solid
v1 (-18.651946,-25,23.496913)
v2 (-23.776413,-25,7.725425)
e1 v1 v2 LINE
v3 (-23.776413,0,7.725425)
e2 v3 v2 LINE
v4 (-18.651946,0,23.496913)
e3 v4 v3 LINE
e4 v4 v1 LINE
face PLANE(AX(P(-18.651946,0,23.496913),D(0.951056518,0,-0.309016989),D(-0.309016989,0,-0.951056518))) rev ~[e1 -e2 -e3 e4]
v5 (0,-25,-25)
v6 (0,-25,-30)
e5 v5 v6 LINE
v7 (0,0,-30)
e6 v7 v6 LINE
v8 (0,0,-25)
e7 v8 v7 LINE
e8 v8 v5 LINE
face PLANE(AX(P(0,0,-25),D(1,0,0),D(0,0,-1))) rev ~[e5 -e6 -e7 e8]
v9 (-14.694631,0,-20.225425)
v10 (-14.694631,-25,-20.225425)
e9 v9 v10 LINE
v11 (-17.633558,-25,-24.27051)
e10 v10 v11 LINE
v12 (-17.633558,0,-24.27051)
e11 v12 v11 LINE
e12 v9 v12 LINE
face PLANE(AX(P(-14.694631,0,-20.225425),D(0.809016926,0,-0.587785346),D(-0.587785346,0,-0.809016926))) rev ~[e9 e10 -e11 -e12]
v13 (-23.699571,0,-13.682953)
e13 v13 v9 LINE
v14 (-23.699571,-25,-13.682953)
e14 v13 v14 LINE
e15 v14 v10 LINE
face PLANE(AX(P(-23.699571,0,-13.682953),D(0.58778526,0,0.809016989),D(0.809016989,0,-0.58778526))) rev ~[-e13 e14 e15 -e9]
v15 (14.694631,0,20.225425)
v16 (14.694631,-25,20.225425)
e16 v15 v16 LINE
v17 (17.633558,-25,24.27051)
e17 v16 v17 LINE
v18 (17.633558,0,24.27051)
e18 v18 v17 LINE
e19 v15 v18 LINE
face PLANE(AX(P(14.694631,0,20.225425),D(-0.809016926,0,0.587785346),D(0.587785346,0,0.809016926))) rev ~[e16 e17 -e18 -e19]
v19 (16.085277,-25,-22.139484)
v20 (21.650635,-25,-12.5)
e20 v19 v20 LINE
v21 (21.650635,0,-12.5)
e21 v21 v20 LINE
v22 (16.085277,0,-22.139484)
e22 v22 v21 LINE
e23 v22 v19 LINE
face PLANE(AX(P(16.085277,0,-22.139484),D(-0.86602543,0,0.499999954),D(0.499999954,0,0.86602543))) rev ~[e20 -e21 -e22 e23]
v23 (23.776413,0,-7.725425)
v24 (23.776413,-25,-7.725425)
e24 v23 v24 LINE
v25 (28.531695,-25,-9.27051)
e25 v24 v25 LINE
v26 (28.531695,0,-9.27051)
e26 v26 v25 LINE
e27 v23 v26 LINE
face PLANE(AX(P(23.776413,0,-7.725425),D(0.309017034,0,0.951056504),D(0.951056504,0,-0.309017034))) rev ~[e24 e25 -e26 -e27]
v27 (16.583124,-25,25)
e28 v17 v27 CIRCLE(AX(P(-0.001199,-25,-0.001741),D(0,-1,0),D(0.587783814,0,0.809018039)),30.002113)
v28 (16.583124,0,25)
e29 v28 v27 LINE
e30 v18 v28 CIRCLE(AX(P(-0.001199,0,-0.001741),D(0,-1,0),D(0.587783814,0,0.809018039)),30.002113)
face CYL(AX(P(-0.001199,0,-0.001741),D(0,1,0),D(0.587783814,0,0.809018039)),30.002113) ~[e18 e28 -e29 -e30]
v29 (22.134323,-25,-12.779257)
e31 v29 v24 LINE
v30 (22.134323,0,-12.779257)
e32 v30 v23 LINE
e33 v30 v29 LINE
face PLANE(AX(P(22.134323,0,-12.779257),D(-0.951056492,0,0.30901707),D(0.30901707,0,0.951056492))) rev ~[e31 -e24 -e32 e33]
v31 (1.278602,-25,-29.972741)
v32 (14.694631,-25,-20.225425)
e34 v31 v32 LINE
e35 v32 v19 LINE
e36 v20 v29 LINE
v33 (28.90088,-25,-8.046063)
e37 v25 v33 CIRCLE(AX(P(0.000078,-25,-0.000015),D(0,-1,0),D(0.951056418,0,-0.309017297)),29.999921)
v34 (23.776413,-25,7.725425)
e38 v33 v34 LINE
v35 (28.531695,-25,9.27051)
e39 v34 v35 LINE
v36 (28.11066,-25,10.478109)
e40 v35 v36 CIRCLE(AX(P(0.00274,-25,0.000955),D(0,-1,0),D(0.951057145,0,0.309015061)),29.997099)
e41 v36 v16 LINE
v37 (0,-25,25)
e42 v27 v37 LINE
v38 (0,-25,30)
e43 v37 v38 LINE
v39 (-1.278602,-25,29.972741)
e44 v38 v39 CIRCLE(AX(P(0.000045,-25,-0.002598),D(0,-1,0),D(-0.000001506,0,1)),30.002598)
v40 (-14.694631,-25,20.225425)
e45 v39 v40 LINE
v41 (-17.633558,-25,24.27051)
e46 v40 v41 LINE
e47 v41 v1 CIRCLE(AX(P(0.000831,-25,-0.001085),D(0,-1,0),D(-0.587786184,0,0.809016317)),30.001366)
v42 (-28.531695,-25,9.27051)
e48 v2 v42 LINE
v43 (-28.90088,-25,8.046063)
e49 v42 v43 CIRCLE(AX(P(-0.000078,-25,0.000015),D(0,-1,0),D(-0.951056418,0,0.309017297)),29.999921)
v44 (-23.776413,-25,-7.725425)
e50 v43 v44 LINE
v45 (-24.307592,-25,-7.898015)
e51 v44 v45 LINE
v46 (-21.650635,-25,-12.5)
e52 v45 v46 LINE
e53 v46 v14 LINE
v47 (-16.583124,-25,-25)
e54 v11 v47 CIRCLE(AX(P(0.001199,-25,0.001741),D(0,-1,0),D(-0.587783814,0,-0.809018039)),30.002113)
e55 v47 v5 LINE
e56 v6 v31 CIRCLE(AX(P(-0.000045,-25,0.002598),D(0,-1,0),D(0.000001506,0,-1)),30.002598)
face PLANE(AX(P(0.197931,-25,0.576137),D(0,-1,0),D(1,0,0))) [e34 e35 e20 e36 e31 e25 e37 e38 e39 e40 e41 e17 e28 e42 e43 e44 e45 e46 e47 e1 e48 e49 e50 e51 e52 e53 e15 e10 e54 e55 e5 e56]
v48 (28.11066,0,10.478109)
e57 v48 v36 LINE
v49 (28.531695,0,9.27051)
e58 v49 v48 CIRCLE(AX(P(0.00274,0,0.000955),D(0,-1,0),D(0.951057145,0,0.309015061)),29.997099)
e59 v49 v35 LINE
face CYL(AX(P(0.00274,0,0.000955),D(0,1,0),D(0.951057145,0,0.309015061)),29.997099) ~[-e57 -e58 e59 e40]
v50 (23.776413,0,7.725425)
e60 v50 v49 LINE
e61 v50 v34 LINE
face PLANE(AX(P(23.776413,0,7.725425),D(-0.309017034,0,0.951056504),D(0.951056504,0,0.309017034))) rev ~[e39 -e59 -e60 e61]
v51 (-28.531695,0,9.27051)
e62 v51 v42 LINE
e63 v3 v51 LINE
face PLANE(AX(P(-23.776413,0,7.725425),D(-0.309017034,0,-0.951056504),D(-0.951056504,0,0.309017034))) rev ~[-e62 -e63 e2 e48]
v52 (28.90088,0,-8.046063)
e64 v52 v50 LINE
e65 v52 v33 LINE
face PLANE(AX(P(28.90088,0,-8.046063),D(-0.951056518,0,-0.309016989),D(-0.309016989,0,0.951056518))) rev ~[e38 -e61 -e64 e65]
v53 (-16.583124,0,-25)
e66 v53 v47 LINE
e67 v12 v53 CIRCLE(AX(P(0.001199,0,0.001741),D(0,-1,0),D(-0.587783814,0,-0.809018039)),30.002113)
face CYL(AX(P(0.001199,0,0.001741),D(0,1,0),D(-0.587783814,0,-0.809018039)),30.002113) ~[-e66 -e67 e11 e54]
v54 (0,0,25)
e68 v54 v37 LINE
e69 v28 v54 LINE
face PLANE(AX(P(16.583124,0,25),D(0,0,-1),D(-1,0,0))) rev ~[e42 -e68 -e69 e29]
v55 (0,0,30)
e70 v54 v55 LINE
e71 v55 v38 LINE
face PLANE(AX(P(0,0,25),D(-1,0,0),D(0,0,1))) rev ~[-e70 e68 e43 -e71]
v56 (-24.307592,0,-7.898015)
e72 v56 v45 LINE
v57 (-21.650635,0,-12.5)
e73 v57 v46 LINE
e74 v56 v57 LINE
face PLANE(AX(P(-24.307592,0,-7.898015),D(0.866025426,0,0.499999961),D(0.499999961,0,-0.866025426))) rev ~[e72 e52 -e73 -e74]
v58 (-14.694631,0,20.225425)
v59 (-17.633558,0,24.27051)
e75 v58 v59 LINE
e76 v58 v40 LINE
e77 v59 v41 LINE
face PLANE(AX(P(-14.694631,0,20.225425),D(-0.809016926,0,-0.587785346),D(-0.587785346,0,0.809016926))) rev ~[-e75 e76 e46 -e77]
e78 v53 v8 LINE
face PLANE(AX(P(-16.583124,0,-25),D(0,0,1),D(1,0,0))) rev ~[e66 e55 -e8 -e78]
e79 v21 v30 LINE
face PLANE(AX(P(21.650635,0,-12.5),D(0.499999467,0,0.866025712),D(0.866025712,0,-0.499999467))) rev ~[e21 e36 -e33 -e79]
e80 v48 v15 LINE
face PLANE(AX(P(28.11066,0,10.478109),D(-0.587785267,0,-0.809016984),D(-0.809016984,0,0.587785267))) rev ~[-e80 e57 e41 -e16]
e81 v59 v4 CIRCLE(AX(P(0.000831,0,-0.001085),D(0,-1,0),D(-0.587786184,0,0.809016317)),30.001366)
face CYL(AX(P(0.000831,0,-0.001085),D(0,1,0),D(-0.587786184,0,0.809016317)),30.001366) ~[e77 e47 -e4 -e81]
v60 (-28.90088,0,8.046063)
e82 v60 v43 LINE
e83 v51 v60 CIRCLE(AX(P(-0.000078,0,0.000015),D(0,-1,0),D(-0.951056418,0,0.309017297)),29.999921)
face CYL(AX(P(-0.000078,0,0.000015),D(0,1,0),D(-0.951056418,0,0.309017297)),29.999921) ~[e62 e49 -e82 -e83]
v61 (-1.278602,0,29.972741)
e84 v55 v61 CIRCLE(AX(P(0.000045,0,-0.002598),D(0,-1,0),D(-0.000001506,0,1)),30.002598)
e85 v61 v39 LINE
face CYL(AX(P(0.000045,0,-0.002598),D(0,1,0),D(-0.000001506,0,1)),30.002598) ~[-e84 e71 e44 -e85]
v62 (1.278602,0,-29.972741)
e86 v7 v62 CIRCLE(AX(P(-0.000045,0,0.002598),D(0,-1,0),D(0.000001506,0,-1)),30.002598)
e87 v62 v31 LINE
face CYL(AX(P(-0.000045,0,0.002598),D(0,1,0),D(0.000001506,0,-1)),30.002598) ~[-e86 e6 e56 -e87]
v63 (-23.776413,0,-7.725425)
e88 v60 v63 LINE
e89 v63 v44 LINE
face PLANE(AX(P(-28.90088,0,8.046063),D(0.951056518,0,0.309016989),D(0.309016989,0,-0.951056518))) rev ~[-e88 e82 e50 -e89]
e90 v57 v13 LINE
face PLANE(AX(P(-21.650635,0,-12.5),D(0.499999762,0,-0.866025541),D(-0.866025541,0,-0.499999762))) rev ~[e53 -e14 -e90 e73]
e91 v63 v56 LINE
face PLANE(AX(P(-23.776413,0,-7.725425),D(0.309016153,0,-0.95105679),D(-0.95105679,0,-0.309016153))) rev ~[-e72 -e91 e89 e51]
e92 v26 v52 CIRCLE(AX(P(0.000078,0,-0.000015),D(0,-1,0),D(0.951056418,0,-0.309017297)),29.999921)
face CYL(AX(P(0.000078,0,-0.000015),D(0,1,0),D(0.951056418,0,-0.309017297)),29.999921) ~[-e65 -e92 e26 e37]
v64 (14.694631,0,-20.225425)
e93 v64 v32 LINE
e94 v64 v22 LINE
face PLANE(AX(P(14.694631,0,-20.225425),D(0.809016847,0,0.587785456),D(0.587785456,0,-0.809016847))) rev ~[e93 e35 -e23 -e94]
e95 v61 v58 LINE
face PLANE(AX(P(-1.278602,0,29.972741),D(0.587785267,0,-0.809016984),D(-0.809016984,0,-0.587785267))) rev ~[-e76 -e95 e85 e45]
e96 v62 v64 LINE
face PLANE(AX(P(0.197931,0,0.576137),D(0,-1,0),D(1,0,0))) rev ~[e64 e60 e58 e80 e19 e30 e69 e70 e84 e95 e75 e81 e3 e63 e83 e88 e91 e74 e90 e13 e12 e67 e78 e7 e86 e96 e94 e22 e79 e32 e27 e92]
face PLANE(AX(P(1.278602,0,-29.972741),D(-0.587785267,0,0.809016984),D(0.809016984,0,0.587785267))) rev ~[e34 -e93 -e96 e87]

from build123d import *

# Parameters (mm, degrees)
F1_DEPTH = 25
F2_R     = 8.747273
F3_DEPTH = 25


with BuildPart() as f1:
    # F0 (on Front) → F1 (new body)
    with BuildSketch(Plane.XZ):
        with BuildLine():
            Line((23.776413, 7.725425), (28.531695, 9.27051))
            ThreePointArc((28.531695, 9.27051), (28.327614, 9.876553), (28.11066, 10.478109))
            Line((28.11066, 10.478109), (14.694631, 20.225425))
            Line((14.694631, 20.225425), (17.633558, 24.27051))
            ThreePointArc((17.633558, 24.27051), (17.112228, 24.640853), (16.583124, 25))
            Line((16.583124, 25), (0, 25))
            Line((0, 25), (0, 30))
            ThreePointArc((0, 30), (-0.639446, 29.993184), (-1.278602, 29.972741))
            Line((-1.278602, 29.972741), (-14.694631, 20.225425))
            Line((-14.694631, 20.225425), (-17.633558, 24.27051))
            ThreePointArc((-17.633558, 24.27051), (-18.146874, 23.889139), (-18.651946, 23.496913))
            Line((-18.651946, 23.496913), (-23.776413, 7.725425))
            Line((-23.776413, 7.725425), (-28.531695, 9.27051))
            ThreePointArc((-28.531695, 9.27051), (-28.722813, 8.660254), (-28.90088, 8.046063))
            Line((-28.90088, 8.046063), (-23.776413, -7.725425))
            Line((-23.776413, -7.725425), (-24.307592, -7.898015))
            Line((-24.307592, -7.898015), (-21.650635, -12.5))
            Line((-21.650635, -12.5), (-23.699571, -13.682953))
            Line((-23.699571, -13.682953), (-14.694631, -20.225425))
            Line((-14.694631, -20.225425), (-17.633558, -24.27051))
            ThreePointArc((-17.633558, -24.27051), (-17.112228, -24.640853), (-16.583124, -25))
            Line((-16.583124, -25), (0, -25))
            Line((0, -25), (0, -30))
            ThreePointArc((0, -30), (0.639446, -29.993184), (1.278602, -29.972741))
            Line((1.278602, -29.972741), (14.694631, -20.225425))
            Line((14.694631, -20.225425), (16.085277, -22.139484))
            Line((16.085277, -22.139484), (21.650635, -12.5))
            Line((21.650635, -12.5), (22.134323, -12.779257))
            Line((22.134323, -12.779257), (23.776413, -7.725425))
            Line((23.776413, -7.725425), (28.531695, -9.27051))
            ThreePointArc((28.531695, -9.27051), (28.722813, -8.660254), (28.90088, -8.046063))
            Line((28.90088, -8.046063), (23.776413, 7.725425))
        make_face()
    extrude(amount=F1_DEPTH)

    # F2 (on Front) → F3 (join)
    with BuildSketch(Plane.XZ):
        Circle(F2_R)
    extrude(amount=F3_DEPTH)


solid = f1.part
